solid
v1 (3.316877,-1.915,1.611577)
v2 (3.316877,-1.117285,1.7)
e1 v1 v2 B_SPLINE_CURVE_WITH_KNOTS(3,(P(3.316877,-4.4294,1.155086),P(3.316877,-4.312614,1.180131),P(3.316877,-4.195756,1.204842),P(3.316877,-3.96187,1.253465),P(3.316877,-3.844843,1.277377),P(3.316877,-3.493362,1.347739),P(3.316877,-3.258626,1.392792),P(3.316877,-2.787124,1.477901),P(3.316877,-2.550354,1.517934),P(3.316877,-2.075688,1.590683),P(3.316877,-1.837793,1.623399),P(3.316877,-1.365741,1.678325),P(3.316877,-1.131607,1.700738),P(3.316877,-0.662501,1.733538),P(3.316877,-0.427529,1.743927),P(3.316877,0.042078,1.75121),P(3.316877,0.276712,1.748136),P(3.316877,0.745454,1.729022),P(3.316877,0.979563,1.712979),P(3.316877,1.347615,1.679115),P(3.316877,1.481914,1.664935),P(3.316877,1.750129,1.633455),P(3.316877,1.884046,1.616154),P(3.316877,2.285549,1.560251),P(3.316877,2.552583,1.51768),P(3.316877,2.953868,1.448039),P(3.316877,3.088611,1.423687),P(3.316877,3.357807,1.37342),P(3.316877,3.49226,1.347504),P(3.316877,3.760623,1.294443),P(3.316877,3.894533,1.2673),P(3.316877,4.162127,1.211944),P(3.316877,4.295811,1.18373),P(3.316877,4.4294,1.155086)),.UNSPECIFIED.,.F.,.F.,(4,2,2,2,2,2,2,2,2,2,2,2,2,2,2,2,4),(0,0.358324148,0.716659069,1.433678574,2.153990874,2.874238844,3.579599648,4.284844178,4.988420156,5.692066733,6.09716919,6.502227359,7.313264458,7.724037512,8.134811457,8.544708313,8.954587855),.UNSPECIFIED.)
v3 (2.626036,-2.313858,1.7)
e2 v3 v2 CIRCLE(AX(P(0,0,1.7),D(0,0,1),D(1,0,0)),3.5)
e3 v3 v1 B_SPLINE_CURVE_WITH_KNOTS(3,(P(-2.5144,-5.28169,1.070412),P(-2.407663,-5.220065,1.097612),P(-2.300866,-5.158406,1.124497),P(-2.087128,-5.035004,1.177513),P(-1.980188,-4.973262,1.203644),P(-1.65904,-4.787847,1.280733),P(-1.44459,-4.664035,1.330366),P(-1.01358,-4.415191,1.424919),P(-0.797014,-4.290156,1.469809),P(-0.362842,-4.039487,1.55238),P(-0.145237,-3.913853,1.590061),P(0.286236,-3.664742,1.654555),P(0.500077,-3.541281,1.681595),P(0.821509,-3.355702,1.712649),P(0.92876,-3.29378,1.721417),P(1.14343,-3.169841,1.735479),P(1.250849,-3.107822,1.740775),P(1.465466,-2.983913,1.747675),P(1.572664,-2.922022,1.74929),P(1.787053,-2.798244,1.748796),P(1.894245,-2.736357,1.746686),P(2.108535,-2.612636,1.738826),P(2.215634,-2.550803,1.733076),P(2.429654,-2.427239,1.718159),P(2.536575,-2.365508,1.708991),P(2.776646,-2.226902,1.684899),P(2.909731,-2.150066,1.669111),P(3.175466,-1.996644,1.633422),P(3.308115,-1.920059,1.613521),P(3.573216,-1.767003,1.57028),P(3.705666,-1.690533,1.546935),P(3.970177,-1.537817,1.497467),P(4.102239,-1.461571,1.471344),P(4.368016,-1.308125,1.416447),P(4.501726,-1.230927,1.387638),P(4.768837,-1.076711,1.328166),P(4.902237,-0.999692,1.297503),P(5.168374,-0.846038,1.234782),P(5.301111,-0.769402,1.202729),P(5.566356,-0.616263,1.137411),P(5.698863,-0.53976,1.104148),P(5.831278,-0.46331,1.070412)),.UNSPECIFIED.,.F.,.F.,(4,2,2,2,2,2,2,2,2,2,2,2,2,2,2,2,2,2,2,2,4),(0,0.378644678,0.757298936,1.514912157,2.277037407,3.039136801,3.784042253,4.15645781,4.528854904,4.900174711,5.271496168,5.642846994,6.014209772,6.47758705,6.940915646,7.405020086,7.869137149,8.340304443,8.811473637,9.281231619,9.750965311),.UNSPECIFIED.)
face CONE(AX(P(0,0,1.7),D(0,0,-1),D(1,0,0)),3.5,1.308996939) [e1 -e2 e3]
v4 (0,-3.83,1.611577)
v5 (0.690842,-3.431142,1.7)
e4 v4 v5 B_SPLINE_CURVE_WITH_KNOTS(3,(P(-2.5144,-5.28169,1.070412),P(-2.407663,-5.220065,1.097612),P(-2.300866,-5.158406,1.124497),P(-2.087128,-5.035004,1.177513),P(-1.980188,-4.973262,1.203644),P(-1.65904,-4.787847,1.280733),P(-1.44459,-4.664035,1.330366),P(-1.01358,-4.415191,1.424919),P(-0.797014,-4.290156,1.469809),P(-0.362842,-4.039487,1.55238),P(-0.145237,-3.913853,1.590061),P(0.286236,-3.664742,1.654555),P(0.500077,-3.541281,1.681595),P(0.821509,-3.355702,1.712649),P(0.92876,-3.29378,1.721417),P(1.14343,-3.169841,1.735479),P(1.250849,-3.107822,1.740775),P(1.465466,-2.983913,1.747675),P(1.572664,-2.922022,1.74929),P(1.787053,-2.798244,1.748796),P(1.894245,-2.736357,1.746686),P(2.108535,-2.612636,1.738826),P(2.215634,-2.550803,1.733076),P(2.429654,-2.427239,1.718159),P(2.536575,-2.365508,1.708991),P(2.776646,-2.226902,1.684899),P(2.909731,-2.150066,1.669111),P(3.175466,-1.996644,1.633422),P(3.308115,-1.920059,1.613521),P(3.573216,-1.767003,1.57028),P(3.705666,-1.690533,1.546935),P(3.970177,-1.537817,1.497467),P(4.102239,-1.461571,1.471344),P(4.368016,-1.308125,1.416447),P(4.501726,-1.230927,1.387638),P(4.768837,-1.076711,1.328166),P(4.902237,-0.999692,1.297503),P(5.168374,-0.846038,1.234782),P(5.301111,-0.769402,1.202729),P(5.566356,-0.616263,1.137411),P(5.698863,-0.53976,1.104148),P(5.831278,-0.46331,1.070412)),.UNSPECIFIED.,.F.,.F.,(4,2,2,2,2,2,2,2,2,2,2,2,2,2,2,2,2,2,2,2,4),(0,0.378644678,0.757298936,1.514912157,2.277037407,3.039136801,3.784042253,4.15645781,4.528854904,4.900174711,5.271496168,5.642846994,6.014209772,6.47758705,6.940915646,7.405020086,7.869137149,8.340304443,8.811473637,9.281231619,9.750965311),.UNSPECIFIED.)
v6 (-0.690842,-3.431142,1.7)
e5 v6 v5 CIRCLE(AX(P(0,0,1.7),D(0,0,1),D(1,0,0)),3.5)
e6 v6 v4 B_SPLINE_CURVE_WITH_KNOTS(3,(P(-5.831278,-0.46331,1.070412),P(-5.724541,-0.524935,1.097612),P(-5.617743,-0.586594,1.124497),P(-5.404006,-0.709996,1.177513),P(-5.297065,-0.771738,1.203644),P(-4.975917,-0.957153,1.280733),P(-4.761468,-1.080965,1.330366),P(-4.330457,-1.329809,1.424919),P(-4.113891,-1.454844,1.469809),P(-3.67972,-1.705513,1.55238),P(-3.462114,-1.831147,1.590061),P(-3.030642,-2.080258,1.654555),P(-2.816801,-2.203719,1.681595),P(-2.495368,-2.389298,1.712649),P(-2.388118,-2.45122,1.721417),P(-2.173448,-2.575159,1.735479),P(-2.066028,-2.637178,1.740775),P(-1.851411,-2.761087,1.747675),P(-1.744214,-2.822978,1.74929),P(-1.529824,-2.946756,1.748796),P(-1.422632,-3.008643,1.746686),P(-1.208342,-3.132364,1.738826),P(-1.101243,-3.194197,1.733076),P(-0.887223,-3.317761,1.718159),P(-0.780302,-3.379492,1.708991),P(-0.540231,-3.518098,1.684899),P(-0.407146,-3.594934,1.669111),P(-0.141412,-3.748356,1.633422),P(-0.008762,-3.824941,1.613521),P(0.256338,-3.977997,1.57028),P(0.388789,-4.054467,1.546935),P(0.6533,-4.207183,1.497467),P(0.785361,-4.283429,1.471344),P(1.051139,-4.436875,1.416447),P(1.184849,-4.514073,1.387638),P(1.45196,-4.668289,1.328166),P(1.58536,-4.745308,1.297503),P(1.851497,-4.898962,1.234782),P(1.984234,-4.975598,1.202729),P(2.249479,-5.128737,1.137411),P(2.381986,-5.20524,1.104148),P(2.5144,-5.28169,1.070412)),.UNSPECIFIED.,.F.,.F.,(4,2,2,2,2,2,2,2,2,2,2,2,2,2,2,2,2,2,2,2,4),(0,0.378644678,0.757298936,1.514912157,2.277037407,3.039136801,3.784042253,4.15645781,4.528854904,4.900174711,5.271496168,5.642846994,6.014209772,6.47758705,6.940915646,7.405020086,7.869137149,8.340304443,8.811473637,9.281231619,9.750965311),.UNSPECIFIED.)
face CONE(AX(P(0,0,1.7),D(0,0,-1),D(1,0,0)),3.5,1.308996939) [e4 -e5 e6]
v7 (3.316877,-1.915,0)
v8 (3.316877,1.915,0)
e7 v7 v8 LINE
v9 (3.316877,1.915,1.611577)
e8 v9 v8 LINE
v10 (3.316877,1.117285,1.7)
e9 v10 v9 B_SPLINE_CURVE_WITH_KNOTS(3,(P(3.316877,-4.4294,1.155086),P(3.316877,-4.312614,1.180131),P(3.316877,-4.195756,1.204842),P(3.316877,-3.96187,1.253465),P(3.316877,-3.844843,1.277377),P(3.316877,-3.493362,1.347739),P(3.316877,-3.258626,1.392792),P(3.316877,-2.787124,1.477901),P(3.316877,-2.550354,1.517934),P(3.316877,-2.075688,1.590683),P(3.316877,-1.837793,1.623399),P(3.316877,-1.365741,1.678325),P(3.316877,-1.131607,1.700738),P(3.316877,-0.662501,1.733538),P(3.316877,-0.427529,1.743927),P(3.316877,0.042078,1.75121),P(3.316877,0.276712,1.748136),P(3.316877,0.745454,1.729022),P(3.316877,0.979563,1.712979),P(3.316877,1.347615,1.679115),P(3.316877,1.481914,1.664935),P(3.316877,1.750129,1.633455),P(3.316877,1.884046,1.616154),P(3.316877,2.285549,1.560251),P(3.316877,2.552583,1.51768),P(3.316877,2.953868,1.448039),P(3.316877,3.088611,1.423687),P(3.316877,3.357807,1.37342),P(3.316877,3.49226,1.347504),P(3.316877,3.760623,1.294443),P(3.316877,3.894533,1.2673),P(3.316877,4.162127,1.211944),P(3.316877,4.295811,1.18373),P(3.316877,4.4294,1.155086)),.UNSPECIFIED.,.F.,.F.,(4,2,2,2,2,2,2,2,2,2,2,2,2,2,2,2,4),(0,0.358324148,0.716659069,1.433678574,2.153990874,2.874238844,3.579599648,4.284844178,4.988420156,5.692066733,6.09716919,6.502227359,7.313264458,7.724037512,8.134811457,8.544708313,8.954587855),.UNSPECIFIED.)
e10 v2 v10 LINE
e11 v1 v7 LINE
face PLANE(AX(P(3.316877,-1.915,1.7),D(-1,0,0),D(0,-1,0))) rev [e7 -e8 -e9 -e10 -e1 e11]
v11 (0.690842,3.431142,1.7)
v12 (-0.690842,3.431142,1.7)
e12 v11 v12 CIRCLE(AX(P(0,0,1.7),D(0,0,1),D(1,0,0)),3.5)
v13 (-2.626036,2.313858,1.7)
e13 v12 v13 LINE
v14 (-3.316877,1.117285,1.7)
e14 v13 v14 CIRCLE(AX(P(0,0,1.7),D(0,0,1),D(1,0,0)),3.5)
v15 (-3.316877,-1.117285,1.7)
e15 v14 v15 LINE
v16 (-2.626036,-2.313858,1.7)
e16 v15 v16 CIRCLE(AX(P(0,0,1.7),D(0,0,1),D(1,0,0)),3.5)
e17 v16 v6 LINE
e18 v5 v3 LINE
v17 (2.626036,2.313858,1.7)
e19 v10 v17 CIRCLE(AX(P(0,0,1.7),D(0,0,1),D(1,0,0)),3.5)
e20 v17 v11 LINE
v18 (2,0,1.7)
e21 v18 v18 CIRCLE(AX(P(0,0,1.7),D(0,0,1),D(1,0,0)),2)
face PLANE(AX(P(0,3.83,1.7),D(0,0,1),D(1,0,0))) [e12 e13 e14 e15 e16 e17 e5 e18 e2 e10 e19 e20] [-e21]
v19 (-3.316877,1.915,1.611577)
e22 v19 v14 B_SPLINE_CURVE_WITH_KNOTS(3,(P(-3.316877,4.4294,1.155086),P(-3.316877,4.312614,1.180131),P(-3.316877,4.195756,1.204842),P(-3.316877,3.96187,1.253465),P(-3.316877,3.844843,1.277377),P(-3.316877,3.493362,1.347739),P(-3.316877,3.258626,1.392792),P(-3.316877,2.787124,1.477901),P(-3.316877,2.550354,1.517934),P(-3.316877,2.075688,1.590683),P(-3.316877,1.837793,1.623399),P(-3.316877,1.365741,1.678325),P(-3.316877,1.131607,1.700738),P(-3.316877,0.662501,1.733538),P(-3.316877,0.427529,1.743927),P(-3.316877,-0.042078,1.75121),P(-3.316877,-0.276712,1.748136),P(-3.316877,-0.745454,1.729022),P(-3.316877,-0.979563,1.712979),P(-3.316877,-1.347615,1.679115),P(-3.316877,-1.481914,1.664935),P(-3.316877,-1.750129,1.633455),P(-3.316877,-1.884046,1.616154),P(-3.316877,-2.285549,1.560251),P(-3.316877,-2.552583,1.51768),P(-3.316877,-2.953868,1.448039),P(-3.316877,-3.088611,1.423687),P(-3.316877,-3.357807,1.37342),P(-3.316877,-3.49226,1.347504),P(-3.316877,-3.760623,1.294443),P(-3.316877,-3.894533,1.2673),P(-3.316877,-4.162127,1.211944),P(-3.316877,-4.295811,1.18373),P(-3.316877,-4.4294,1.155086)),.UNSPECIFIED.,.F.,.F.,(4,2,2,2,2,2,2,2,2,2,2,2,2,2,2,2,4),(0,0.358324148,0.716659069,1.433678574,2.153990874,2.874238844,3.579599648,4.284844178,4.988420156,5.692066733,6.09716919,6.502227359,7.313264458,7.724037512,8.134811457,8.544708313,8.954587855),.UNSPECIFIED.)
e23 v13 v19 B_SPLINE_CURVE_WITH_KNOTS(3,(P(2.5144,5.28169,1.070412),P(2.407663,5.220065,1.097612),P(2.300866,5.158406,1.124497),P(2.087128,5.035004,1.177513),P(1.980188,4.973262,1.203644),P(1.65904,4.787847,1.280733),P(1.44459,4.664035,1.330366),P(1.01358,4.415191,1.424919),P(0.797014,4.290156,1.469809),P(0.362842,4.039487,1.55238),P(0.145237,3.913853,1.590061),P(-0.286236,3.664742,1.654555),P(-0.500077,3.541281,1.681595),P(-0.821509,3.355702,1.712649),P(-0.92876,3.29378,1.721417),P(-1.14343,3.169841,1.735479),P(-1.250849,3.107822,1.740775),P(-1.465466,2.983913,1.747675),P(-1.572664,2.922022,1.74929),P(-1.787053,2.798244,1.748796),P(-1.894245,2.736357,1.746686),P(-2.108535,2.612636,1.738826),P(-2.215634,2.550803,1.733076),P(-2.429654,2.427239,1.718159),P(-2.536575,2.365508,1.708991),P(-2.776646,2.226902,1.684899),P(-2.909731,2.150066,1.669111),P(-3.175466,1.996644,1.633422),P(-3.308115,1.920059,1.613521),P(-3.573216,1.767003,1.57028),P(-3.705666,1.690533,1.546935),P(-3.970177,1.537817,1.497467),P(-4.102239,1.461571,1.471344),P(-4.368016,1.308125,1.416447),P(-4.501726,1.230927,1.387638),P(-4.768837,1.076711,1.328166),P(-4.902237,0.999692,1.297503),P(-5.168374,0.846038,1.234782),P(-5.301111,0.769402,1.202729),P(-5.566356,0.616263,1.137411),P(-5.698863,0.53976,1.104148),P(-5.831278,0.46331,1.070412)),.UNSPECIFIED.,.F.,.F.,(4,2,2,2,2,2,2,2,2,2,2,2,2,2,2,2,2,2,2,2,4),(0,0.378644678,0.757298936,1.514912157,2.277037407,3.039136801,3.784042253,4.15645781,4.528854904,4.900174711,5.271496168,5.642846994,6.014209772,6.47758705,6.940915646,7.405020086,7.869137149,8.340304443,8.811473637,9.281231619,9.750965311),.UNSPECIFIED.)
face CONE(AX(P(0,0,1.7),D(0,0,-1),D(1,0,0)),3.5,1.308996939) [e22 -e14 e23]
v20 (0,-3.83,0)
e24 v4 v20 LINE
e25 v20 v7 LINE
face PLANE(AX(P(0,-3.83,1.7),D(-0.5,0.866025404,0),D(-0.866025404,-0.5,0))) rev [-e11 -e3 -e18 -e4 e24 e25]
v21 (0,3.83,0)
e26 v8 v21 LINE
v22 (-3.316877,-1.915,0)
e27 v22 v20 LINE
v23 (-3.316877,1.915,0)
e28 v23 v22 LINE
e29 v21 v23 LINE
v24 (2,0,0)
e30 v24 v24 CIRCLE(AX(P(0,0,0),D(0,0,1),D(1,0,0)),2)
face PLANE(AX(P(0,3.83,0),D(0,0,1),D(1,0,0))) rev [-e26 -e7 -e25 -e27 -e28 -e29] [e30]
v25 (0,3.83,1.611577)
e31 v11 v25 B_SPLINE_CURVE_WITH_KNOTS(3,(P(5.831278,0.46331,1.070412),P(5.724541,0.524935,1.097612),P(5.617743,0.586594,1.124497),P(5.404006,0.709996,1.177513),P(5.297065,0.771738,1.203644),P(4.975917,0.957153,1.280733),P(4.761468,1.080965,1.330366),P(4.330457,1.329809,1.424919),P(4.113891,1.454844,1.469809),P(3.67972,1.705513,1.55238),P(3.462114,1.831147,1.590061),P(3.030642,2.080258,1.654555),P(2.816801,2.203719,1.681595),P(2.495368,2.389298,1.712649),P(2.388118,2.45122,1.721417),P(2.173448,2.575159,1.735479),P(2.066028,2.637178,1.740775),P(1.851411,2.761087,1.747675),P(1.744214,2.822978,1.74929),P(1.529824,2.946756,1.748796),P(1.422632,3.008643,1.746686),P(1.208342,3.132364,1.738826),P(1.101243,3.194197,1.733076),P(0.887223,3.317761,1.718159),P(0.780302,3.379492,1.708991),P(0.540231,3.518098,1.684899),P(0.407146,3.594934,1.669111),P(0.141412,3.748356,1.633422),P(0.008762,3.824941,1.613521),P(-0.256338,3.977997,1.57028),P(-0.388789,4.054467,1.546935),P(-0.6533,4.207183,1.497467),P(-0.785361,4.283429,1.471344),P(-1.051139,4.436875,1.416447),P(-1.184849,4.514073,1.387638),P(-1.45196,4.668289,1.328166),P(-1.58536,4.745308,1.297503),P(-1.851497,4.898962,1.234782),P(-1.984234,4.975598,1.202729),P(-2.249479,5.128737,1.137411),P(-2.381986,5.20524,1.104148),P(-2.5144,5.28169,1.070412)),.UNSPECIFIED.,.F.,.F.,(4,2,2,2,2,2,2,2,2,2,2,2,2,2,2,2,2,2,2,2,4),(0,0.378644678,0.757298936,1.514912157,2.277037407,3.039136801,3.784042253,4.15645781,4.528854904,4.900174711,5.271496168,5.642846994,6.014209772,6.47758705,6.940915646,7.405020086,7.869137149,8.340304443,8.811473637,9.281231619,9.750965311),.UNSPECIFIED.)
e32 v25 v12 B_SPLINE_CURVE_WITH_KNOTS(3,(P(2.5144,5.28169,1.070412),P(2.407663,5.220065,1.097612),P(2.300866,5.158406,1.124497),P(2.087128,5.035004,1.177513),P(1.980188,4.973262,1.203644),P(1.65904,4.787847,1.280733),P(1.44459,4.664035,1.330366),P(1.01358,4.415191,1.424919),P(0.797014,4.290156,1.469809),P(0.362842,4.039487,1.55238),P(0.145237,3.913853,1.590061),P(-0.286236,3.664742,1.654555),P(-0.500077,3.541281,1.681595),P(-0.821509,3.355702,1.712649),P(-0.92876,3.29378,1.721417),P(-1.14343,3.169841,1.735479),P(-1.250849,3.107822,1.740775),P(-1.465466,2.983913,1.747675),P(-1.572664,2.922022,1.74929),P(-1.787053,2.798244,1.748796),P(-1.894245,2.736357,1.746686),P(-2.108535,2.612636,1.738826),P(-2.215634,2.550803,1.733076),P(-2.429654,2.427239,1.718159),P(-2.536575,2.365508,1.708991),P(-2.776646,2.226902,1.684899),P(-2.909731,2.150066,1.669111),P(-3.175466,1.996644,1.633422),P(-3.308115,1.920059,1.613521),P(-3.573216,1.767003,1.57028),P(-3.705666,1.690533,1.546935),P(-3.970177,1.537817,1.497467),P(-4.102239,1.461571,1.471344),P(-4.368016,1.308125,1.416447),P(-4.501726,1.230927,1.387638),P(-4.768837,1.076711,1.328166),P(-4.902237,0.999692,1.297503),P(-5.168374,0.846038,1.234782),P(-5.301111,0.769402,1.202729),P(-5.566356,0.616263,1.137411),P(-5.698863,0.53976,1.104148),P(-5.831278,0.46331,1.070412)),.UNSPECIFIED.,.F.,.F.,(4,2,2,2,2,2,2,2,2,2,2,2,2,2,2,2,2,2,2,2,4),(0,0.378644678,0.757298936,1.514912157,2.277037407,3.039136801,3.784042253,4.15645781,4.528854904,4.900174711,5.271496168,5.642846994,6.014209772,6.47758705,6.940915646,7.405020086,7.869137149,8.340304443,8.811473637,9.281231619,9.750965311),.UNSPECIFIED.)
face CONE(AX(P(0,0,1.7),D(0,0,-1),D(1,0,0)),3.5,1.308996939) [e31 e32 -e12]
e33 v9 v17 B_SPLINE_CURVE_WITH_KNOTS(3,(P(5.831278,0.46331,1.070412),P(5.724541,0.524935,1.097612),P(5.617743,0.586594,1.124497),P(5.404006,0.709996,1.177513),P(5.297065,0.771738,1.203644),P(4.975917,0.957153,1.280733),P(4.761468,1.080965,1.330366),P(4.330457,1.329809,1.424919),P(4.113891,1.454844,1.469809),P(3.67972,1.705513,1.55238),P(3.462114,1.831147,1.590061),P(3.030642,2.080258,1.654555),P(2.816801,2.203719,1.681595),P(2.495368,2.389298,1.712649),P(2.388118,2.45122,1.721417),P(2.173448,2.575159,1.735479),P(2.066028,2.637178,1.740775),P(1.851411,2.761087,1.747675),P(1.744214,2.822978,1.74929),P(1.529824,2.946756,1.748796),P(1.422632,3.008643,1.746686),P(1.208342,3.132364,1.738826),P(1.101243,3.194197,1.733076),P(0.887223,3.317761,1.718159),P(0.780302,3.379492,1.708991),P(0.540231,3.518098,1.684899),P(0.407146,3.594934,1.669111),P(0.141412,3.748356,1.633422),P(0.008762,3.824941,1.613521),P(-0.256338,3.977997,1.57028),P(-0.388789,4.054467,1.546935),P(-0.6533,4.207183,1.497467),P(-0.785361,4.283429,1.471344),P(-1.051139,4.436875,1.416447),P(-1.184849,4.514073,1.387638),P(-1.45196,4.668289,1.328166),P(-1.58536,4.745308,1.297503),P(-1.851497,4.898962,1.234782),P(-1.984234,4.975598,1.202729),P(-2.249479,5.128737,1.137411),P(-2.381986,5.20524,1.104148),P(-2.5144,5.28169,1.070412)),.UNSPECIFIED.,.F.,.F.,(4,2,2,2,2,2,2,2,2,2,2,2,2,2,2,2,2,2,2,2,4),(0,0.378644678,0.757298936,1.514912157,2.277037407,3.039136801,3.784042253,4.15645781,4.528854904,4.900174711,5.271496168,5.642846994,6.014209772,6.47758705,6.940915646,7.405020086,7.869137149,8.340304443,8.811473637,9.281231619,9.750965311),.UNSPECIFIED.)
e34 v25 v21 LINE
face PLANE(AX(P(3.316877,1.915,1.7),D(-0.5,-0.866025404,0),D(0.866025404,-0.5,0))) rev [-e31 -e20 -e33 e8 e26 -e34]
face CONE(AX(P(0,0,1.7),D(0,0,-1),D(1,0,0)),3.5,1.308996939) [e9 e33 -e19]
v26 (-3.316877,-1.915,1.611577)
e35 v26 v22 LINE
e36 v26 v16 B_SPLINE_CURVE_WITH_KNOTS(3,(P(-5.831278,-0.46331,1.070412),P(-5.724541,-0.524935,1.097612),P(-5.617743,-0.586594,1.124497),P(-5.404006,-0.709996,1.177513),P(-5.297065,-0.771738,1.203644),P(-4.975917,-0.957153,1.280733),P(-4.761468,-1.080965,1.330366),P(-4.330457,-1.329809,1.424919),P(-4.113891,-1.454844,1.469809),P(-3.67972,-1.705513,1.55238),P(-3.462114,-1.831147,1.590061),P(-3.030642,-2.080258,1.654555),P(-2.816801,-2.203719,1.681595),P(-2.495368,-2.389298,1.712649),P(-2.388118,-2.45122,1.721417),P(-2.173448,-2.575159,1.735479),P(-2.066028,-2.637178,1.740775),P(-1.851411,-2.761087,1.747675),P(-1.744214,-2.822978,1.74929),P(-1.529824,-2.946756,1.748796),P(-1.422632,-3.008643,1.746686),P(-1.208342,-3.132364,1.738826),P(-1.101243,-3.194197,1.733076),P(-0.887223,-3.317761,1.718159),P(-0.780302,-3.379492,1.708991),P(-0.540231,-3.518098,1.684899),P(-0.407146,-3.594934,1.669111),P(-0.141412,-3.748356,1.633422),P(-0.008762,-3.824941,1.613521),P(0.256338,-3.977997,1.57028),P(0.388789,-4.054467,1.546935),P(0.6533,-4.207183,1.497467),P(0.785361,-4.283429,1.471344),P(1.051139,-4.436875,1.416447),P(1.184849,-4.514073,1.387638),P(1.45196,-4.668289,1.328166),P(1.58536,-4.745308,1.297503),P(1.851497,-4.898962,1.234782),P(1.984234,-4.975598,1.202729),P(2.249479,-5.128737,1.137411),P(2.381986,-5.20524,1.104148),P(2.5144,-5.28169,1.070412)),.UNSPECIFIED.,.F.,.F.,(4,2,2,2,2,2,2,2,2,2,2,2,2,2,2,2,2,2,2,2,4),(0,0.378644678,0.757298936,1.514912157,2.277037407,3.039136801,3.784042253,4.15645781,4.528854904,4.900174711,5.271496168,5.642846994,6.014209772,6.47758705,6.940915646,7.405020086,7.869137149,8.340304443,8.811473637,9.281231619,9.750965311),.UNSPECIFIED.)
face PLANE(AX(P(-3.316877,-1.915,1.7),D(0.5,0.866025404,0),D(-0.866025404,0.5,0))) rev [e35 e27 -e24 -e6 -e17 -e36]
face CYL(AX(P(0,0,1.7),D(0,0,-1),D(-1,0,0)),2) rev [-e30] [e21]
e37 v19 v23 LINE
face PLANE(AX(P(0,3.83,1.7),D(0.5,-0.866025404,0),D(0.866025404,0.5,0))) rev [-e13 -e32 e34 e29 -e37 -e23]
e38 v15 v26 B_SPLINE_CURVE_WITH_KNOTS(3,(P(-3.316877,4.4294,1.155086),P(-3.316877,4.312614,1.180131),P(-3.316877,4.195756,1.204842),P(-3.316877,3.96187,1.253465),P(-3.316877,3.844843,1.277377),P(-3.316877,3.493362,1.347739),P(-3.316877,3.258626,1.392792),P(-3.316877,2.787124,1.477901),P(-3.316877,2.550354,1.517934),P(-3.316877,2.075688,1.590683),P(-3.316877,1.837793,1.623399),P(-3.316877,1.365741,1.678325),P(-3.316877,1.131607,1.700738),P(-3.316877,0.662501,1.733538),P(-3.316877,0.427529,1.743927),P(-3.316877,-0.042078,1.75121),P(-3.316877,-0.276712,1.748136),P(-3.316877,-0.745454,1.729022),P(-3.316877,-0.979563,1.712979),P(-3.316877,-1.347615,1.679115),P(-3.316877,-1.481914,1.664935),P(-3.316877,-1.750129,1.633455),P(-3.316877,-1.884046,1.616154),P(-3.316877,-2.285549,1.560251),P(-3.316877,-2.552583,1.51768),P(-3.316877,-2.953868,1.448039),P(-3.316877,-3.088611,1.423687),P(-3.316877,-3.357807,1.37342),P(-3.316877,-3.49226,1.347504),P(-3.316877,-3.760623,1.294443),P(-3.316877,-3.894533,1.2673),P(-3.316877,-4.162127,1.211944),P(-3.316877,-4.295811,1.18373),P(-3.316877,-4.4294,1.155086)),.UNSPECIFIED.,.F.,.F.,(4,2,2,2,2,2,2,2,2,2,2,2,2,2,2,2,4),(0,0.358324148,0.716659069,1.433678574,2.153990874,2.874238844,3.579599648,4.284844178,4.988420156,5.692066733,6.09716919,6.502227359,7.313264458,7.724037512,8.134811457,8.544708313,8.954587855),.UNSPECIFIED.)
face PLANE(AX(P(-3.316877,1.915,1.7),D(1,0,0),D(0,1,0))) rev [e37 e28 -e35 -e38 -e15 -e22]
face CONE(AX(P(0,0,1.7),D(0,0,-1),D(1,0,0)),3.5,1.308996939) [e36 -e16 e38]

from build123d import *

# Parameters (mm, degrees)
SKETCH_1_R          = 2
EXTRUDE_542_DEPTH   = 1.7
SKETCH_2_OUTSIDE_W  = 58.042
SKETCH_2_OUTSIDE_H  = 59.068
SKETCH_2_OUTSIDE_R  = 3.5
CUT_EXTRUDE_1_DEPTH = 6.344209483
CUT_EXTRUDE_1_DRAFT = -75


with BuildPart() as part:
    # 草图1 → Extrude 542 (new body)
    with BuildSketch(Plane.XY):
        Polygon((0, 3.83), (-3.316877296, 1.915), (-3.316877296, -1.915), (0, -3.83), (3.316877296, -1.915), (3.316877296, 1.915), align=None)
        Circle(SKETCH_1_R, mode=Mode.SUBTRACT)
    extrude(amount=EXTRUDE_542_DEPTH)


with BuildPart() as cut_extrude_1_tool:
    # 草图2 outside → 切除-拉伸1 (with draft: the straight prism first)
    with BuildSketch(Plane.XY.offset(1.7)):
        Rectangle(SKETCH_2_OUTSIDE_W, SKETCH_2_OUTSIDE_H)
        Circle(SKETCH_2_OUTSIDE_R, mode=Mode.SUBTRACT)
    extrude(amount=-CUT_EXTRUDE_1_DEPTH)
    # 切除-拉伸1: the draft: its side faces are tilted about the plane it starts from
    cut_extrude_1_sides = [cut_extrude_1_tool.faces().sort_by_distance(p)[0] for p in [
        (0, -29.534, -1.472104742),
        (29.021, 0, -1.472104742),
        (0, 29.534, -1.472104742),
        (-29.021, 0, -1.472104742),
        (-3.5, 0, -1.472104742),
    ]]
    draft(cut_extrude_1_sides, Plane.XY.offset(1.7), CUT_EXTRUDE_1_DRAFT)


with BuildPart() as part_1:
    add(part.part)

    # 切除-拉伸1: cut by cut_extrude_1_tool
    add(cut_extrude_1_tool.part, mode=Mode.SUBTRACT)


solid = part_1.part
